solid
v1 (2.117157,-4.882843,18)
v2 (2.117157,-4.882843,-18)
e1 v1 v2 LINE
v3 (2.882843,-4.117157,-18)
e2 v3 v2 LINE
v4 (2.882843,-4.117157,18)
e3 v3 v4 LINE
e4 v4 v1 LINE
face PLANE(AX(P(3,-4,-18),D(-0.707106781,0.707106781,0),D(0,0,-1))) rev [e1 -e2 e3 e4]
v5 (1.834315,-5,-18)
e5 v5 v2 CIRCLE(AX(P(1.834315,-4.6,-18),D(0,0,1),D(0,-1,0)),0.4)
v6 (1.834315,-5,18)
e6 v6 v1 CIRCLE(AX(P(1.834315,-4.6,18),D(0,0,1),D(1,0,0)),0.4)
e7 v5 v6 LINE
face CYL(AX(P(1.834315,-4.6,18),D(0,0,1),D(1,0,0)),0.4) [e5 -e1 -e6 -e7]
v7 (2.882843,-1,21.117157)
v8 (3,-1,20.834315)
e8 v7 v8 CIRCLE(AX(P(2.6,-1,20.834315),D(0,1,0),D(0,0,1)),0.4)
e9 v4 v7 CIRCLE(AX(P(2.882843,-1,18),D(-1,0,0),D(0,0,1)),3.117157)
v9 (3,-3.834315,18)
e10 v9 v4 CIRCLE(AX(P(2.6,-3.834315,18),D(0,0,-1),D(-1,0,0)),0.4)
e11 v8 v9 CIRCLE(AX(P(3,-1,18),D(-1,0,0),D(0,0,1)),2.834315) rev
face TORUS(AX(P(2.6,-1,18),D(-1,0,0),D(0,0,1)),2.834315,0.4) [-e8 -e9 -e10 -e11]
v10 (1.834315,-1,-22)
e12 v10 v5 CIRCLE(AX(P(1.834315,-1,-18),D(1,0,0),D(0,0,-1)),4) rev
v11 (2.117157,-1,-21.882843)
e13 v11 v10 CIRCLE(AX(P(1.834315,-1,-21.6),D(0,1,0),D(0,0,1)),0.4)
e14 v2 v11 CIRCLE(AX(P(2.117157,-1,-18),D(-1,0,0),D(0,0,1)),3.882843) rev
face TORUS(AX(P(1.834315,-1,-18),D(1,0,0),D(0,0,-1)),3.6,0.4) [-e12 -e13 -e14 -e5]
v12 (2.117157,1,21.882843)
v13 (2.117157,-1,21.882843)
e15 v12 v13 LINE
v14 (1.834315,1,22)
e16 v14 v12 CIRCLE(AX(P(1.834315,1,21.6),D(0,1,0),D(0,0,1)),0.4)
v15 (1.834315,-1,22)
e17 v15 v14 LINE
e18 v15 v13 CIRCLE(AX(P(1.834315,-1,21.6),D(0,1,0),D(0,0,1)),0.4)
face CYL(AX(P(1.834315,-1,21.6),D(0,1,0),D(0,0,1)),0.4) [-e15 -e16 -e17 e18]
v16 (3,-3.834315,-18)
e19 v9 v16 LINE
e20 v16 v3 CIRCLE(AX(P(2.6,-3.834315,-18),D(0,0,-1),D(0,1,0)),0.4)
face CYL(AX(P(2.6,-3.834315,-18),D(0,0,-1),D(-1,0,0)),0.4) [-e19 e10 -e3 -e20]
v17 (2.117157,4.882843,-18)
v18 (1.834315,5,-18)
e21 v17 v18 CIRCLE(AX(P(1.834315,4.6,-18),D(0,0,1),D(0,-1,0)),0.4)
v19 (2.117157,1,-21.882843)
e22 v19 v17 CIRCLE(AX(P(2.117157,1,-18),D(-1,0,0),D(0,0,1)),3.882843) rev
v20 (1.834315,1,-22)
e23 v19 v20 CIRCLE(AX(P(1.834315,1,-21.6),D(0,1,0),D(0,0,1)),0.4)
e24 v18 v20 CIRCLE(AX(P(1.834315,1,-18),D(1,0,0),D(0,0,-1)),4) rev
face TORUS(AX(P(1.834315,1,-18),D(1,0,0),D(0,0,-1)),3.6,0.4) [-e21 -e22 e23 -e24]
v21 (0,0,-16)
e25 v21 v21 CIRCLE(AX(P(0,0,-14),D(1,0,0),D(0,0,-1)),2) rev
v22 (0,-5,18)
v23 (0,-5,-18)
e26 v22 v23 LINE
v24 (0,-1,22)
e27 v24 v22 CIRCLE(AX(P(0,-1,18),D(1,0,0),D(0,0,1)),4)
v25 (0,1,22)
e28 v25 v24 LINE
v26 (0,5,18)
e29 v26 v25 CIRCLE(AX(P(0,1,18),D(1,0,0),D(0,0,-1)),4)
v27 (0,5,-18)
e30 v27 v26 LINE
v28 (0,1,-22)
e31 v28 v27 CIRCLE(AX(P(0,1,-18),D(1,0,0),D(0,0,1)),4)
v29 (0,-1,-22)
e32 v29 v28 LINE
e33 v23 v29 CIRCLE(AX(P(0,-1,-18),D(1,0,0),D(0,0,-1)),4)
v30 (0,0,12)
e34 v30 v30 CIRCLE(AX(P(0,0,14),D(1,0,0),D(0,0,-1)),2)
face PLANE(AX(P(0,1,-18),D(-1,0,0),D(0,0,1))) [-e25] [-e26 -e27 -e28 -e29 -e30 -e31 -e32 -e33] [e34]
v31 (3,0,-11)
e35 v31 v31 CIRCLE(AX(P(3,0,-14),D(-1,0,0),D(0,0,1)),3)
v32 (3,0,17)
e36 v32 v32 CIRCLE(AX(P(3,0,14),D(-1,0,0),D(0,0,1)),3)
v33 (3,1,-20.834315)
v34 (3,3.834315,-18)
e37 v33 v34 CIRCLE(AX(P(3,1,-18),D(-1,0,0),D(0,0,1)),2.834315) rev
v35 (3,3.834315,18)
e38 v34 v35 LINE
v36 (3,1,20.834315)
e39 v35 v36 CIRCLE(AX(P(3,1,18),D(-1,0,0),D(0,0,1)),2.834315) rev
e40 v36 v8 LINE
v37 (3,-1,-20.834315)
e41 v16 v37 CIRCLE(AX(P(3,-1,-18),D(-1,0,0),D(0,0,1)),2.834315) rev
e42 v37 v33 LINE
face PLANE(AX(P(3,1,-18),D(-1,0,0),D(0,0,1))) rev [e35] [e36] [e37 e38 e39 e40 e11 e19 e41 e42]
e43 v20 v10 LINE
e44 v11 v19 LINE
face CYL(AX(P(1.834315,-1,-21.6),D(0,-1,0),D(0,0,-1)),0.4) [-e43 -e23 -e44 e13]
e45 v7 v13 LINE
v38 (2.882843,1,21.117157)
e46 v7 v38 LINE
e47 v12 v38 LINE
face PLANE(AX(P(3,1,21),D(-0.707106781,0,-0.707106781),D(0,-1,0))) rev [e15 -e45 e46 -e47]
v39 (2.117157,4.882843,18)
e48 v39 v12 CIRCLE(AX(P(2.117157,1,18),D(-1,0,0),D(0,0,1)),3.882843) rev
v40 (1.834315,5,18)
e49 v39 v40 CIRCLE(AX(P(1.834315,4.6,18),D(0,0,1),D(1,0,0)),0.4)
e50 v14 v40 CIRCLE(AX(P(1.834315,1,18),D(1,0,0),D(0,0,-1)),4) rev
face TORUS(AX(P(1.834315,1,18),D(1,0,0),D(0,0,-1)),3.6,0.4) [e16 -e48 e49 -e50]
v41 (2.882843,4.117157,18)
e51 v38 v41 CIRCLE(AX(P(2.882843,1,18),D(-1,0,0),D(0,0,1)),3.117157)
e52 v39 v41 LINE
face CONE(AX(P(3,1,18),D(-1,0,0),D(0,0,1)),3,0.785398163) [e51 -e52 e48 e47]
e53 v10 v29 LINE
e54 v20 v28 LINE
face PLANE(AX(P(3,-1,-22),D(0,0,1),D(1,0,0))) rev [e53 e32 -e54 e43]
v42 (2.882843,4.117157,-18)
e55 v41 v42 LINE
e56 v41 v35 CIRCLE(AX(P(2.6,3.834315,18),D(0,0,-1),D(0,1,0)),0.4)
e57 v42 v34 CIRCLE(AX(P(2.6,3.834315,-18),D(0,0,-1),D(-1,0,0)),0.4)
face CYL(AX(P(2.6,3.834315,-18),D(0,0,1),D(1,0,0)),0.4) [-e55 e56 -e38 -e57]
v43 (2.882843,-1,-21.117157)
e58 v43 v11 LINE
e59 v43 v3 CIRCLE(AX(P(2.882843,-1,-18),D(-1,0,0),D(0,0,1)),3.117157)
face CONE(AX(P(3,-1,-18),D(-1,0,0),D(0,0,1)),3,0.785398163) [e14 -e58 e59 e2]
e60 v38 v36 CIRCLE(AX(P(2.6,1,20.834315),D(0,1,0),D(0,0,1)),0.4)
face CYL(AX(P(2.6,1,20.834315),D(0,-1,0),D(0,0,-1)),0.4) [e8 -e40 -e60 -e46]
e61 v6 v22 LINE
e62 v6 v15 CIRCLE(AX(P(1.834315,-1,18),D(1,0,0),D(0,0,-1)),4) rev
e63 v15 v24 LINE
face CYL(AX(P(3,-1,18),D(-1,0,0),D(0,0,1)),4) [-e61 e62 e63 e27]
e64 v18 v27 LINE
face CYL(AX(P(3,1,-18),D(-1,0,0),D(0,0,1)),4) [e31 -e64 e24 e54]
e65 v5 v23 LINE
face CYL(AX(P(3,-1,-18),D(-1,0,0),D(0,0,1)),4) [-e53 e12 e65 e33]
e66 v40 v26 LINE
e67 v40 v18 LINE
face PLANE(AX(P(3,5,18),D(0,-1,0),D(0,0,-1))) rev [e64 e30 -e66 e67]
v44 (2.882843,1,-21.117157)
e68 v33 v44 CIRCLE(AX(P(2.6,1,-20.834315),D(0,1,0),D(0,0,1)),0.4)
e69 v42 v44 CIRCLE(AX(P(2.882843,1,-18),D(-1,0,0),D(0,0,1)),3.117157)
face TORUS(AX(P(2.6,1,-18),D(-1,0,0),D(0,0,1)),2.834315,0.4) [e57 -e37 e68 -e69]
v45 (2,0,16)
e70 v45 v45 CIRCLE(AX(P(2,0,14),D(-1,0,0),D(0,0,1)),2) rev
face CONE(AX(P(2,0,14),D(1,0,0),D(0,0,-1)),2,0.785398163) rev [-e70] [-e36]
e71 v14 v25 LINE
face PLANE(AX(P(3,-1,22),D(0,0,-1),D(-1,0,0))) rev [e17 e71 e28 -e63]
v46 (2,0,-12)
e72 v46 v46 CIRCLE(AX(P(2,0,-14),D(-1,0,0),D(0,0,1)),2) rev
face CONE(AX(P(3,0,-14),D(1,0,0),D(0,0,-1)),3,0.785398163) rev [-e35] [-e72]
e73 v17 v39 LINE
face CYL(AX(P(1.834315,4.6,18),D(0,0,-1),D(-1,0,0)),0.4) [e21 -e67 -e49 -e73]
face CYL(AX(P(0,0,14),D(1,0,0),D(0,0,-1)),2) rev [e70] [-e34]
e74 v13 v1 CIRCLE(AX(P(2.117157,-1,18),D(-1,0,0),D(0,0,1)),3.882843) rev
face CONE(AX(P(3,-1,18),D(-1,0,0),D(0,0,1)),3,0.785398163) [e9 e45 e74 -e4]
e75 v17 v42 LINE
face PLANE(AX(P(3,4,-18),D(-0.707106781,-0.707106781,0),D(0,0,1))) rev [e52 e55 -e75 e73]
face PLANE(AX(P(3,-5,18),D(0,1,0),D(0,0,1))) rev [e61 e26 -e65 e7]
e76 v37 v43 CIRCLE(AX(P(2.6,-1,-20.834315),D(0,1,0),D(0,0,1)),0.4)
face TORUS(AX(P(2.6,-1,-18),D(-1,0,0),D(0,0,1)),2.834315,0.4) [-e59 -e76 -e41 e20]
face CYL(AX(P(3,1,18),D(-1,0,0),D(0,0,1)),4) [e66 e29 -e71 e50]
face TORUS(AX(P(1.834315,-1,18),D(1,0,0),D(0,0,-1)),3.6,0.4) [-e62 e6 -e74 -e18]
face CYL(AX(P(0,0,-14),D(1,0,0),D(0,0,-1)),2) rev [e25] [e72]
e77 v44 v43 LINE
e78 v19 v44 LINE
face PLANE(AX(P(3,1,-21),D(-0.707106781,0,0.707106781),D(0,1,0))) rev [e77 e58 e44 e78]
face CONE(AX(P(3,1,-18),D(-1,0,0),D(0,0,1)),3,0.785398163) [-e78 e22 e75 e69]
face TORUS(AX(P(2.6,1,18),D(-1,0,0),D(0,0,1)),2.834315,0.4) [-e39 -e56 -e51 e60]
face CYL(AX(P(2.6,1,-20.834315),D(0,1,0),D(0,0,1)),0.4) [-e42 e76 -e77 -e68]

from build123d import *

# Parameters (mm, degrees)
BOSS_EXTRUDE1_DEPTH = 3
CHAMFER1_SIZE       = 1
FILLET1_R           = 0.4
SKETCH2_R           = 2
CUT_EXTRUDE1_DEPTH  = 3
CHAMFER2_SIZE       = 1


with BuildPart() as part:
    # Sketch1 → Boss-Extrude1 (new body)
    with BuildSketch(Plane(origin=(0, 0, 0), x_dir=(0, 0, -1), z_dir=(1, 0, 0))):
        with BuildLine():
            Line((-18, -5), (18, -5))
            ThreePointArc((18, -5), (20.828427125, -3.828427125), (22, -1))
            Line((22, -1), (22, 1))
            ThreePointArc((22, 1), (20.828427125, 3.828427125), (18, 5))
            Line((18, 5), (-18, 5))
            ThreePointArc((-18, 5), (-20.828427125, 3.828427125), (-22, 1))
            Line((-22, 1), (-22, -1))
            ThreePointArc((-22, -1), (-20.828427125, -3.828427125), (-18, -5))
        make_face()
    extrude(amount=BOSS_EXTRUDE1_DEPTH)

    # Chamfer1
    chamfer1_edges = [part.edges().sort_by_distance(p)[0] for p in [
        (3, 3.828427125, 20.828427125),
        (3, 0, 22),
        (3, -3.828427125, 20.828427125),
        (3, -5, 0),
        (3, -3.828427125, -20.828427125),
        (3, 0, -22),
        (3, 3.828427125, -20.828427125),
        (3, 5, 0),
    ]]
    chamfer(chamfer1_edges, length=CHAMFER1_SIZE)

    # Fillet1
    fillet1_edges = [part.edges().sort_by_distance(p)[0] for p in [
        (3, 3.121320344, -20.121320344),
        (3, 4, 0),
        (3, 3.121320344, 20.121320344),
        (3, 0, 21),
        (3, -3.121320344, 20.121320344),
        (3, -4, 0),
        (3, -3.121320344, -20.121320344),
        (3, 0, -21),
        (2, 0, -22),
        (2, -3.828427125, -20.828427125),
        (2, -5, 0),
        (2, -3.828427125, 20.828427125),
        (2, 0, 22),
        (2, 3.828427125, 20.828427125),
        (2, 5, 0),
        (2, 3.828427125, -20.828427125),
    ]]
    fillet(fillet1_edges, radius=FILLET1_R)

    # Sketch2 → Cut-Extrude1 (cut)
    with BuildSketch(Plane(origin=(3, 0, 0), x_dir=(0, 0, -1), z_dir=(1, 0, 0))):
        with Locations((-14, 0)):
            Circle(SKETCH2_R)
        with Locations((14, 0)):
            Circle(SKETCH2_R)
    extrude(amount=-CUT_EXTRUDE1_DEPTH, mode=Mode.SUBTRACT)

    # Chamfer2
    chamfer2_edges = [part.edges().sort_by_distance(p)[0] for p in [
        (3, 0, 16),
        (3, 0, -12),
    ]]
    chamfer(chamfer2_edges, length=CHAMFER2_SIZE)


solid = part.part
